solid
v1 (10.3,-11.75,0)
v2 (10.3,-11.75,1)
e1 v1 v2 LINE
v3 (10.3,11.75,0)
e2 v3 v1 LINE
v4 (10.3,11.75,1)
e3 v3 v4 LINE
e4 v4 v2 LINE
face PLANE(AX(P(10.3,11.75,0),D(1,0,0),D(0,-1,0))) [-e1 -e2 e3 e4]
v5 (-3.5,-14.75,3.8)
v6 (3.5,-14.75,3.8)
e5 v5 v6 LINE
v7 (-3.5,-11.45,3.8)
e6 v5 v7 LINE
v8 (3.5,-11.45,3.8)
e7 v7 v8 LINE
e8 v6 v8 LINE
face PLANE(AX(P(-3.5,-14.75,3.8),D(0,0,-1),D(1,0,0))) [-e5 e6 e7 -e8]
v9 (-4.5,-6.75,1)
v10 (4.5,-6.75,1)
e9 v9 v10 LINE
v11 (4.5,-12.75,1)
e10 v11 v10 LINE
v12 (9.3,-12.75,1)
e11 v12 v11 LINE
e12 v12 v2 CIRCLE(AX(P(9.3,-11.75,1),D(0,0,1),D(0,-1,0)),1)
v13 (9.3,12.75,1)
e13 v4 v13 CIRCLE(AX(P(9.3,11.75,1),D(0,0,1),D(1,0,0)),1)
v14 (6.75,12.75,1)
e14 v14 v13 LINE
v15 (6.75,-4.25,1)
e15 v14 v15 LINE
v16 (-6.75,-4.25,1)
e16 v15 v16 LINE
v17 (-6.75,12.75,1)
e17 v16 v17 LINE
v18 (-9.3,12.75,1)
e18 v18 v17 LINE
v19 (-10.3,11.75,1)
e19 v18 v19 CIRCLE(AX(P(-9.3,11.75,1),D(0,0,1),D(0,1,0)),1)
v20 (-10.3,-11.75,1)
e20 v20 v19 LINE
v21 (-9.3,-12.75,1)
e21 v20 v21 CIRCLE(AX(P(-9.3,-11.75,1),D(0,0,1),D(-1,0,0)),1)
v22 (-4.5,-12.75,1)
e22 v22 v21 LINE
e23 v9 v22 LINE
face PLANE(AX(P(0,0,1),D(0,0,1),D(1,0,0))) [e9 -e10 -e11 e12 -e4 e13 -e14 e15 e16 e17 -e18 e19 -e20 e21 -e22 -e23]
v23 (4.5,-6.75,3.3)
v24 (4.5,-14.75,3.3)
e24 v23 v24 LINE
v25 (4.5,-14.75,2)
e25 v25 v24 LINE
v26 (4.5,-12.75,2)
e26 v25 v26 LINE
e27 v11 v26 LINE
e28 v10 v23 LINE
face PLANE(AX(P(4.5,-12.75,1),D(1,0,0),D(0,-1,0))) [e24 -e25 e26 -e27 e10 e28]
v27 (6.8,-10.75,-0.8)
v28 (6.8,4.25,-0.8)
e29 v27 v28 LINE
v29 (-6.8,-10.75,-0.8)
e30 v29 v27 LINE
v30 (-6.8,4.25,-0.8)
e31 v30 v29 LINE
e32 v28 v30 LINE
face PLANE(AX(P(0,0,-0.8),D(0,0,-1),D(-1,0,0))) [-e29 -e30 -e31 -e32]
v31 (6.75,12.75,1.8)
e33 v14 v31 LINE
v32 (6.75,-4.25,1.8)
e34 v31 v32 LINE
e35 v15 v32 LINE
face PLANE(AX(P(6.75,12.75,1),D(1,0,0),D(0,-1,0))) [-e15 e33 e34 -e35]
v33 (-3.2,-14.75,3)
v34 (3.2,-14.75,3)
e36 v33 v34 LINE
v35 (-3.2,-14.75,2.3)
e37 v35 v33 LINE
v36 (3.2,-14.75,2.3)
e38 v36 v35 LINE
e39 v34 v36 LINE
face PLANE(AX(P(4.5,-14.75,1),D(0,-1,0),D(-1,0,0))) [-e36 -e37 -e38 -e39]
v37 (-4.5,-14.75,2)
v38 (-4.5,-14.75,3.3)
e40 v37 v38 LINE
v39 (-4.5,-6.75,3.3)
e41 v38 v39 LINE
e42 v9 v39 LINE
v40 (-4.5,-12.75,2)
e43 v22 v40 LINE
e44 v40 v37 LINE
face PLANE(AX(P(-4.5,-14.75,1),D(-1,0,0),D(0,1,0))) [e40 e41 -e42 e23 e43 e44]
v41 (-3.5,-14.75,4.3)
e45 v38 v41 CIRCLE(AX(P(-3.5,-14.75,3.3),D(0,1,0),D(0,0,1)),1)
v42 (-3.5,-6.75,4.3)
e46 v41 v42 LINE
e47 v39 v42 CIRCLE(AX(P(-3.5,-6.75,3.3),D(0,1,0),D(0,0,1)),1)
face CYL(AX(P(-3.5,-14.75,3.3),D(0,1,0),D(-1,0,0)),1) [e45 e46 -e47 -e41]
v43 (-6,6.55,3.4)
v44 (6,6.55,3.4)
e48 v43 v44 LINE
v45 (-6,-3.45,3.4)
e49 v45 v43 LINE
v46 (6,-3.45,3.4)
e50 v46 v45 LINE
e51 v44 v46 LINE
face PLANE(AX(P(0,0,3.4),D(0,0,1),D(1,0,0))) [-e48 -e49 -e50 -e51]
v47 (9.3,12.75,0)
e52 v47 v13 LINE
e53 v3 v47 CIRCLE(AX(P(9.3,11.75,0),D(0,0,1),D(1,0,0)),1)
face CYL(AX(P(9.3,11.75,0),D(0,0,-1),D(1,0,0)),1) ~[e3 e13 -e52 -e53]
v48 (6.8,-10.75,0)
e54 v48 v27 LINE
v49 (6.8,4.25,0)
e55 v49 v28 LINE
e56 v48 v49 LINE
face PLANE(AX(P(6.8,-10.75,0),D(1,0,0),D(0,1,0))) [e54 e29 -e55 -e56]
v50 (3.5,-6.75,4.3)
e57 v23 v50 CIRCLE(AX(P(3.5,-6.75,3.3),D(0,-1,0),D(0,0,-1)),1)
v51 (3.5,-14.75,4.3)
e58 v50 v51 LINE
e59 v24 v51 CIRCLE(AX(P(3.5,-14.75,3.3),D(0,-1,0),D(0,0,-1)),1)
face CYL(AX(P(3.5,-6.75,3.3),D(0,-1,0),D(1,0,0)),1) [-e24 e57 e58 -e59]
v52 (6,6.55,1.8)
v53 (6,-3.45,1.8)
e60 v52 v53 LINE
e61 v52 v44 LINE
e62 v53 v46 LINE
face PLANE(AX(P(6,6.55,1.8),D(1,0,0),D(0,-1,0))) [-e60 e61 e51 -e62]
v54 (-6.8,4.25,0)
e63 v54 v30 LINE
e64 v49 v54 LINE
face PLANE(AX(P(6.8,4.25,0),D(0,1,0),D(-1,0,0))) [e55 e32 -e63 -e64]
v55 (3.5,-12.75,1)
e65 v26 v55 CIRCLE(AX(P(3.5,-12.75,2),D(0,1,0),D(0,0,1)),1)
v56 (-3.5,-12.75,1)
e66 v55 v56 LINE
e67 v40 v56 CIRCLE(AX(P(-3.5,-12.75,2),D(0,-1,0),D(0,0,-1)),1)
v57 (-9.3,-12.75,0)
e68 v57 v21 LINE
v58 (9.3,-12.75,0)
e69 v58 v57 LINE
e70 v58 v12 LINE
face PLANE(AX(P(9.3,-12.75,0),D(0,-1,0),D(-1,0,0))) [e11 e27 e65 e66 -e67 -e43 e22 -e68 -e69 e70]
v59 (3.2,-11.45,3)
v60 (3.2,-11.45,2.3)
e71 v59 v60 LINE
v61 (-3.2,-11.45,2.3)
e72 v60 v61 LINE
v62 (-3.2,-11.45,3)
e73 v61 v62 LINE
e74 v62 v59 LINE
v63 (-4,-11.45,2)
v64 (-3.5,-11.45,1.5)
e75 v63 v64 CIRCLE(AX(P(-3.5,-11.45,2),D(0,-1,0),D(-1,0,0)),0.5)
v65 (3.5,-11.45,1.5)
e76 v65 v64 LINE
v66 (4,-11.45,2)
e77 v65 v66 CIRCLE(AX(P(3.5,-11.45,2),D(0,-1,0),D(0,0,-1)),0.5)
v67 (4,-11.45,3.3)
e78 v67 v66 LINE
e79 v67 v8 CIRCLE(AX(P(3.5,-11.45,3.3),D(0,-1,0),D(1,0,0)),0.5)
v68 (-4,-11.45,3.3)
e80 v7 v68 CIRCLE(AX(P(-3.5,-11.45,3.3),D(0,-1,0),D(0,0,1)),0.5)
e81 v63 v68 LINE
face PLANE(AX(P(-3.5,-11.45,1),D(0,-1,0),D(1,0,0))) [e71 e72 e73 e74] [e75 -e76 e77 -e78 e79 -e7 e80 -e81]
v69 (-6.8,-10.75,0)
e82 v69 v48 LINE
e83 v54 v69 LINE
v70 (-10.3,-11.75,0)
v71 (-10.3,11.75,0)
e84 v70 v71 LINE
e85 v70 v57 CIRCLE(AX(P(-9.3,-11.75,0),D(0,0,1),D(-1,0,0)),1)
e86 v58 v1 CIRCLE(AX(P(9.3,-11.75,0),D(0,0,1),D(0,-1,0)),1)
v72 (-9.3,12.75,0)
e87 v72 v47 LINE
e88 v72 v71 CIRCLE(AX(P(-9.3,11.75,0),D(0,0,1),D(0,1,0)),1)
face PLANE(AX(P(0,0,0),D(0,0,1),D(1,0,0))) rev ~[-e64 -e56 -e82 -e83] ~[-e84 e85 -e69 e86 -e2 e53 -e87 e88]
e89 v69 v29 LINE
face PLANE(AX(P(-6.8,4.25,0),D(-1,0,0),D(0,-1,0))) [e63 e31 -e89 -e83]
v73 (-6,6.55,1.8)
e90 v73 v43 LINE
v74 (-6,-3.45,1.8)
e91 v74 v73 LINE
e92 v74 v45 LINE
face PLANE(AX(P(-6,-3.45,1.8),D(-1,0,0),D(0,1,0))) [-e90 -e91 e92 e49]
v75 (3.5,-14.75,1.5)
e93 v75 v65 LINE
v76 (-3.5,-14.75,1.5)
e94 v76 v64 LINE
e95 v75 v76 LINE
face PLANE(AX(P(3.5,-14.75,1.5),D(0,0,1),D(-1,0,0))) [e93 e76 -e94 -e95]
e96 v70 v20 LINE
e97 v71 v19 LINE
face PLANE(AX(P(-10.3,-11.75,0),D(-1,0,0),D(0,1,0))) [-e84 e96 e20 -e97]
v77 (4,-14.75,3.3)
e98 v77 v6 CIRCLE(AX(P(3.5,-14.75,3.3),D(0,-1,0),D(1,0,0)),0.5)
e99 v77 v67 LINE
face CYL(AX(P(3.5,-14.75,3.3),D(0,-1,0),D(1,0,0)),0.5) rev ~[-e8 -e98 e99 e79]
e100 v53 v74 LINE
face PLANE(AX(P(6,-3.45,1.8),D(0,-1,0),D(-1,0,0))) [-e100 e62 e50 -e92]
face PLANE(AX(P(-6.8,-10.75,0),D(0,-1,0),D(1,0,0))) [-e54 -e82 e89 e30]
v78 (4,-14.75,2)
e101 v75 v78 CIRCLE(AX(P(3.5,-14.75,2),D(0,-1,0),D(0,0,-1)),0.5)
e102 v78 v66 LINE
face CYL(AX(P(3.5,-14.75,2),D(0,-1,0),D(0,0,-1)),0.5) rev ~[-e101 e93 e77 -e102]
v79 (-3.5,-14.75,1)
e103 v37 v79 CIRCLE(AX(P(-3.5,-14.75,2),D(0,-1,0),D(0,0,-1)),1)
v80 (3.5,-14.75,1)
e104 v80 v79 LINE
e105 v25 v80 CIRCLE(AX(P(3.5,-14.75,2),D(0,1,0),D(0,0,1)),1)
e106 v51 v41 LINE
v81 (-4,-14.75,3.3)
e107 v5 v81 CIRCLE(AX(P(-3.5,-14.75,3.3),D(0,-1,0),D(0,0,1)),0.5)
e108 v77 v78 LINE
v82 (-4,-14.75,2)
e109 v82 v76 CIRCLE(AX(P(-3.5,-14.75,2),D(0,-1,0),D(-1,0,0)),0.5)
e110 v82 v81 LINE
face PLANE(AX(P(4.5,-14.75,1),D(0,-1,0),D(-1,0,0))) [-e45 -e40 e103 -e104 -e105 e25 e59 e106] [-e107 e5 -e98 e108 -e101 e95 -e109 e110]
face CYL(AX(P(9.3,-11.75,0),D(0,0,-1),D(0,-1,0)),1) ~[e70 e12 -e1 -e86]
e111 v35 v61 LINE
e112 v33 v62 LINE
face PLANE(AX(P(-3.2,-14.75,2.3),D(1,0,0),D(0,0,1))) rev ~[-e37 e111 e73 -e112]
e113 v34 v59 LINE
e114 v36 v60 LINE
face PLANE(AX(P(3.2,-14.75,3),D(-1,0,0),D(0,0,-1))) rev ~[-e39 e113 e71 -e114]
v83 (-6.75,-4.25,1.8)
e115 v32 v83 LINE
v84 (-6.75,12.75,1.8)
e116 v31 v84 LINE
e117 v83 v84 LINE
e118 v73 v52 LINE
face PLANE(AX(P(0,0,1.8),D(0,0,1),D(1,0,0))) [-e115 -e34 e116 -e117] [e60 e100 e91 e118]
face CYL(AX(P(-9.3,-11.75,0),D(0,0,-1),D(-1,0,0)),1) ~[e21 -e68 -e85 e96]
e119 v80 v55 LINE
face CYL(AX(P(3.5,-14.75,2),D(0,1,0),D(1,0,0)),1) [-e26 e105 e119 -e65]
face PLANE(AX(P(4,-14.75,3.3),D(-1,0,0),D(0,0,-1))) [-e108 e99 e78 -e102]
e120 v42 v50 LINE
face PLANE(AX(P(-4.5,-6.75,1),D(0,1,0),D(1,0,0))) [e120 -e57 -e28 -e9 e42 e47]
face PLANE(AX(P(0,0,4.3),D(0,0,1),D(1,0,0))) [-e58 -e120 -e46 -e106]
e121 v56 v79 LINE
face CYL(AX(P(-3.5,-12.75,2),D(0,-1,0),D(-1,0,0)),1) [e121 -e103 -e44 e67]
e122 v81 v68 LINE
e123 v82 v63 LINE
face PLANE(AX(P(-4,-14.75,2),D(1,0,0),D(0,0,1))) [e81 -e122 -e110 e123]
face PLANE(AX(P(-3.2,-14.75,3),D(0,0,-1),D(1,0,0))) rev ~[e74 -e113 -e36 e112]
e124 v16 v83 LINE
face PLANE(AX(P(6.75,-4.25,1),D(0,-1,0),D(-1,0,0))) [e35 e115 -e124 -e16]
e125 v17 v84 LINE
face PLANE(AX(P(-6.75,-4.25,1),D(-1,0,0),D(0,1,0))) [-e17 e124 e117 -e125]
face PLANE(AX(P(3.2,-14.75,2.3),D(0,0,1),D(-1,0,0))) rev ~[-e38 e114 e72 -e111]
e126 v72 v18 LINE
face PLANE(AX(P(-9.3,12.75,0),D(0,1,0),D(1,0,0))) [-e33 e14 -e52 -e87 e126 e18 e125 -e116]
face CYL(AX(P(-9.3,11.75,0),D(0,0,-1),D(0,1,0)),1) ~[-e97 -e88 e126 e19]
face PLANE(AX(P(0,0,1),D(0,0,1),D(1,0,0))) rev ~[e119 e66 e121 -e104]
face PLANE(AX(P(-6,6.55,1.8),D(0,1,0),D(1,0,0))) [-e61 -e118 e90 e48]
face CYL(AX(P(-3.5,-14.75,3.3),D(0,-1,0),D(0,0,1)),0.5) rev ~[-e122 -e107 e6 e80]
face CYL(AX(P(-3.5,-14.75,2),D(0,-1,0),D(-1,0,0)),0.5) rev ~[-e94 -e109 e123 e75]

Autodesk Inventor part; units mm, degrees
ref_plane "YZ Plane" through (0, 0, 0) normal (1, 0, 0) x (0, 1, 0)
ref_plane "XZ Plane" through (0, 0, 0) normal (0, 1, 0) x (-1, 0, 0)
ref_plane "XY Plane" through (0, 0, 0) normal (0, 0, 1) x (1, 0, 0)
sketch "Skizze1" plane through (0, 0, 0) normal (0, 0, 1) x (1, 0, 0)
  line L0 (-9.3, 12.75) -> (9.3, 12.75)
  line L1 (10.3, 11.75) -> (10.3, -11.75)
  line L2 (9.3, -12.75) -> (-9.3, -12.75)
  line L3 (-10.3, -11.75) -> (-10.3, 11.75)
  line L4 (-10.3, 12.75) -> (10.3, -12.75) construction
  line L5 (10.3, 12.75) -> (-10.3, -12.75) construction
  arc A0 (-9.3, 12.75) -> (-10.3, 11.75) centre (-9.3, 11.75) ccw
  arc A1 (10.3, 11.75) -> (9.3, 12.75) centre (9.3, 11.75) ccw
  arc A2 (9.3, -12.75) -> (10.3, -11.75) centre (9.3, -11.75) ccw
  arc A3 (-10.3, -11.75) -> (-9.3, -12.75) centre (-9.3, -11.75) ccw
  point P0 (0, 0)
  dimension "d0" = 20.6
  dimension "d1" = 25.5
  dimension "d2" = 1
extrude "Extrusion1" add sketch "Skizze1" along normal blind 1
sketch "Skizze2" plane through (0, 0, 1) normal (0, 0, 1) x (1, 0, 0)
  line L0 (9.3, 12.75) -> (-9.3, 12.75) projected
  line L1 (-6.75, 12.75) -> (6.75, 12.75)
  line L2 (6.75, 12.75) -> (6.75, -4.25)
  line L3 (6.75, -4.25) -> (-6.75, -4.25)
  line L4 (-6.75, -4.25) -> (-6.75, 12.75)
  line L5 (-10.3, 11.75) -> (-10.3, -11.75) projected
  line L6 (10.3, -11.75) -> (10.3, 11.75) projected
  point P0 (0, 0)
  point P1 (6.75, 12.75)
  dimension "d5" = 13.5
  dimension "d6" = 3.55
  dimension "d7" = 3.55
  dimension "d8" = 17
extrude "Extrusion2" add sketch "Skizze2" along normal blind 0.8
sketch "Skizze3" plane through (0, 0, 1.8) normal (0, 0, 1) x (1, 0, 0)
  line L0 (6, -3.45) -> (-6, -3.45)
  line L1 (-6, -3.45) -> (-6, 6.55)
  line L2 (-6, 6.55) -> (6, 6.55)
  line L3 (6, 6.55) -> (6, -3.45)
  line L4 (-6.75, -4.25) -> (6.75, -4.25) projected
  point P0 (0, 0)
  dimension "d11" = 10
  dimension "d12" = 12
  dimension "d13" = 6
  dimension "d14" = 0.8
extrude "Extrusion3" add sketch "Skizze3" along normal blind 1.6
sketch "Skizze4" plane through (0, 0, 1) normal (0, 0, 1) x (1, 0, 0)
  line L0 (4.5, -14.75) -> (-4.5, -14.75)
  line L1 (-4.5, -14.75) -> (-4.5, -6.75)
  line L2 (-4.5, -6.75) -> (4.5, -6.75)
  line L3 (4.5, -6.75) -> (4.5, -14.75)
  line L4 (-9.3, -12.75) -> (9.3, -12.75) projected
  point P0 (0, 0)
  dimension "d17" = 9
  dimension "d18" = 4.5
  dimension "d19" = 2
  dimension "d20" = 8
extrude "Extrusion4" add sketch "Skizze4" along normal blind 3.3
fillet "Rundung1" radius 1 4 edges at (-4.5, -10.75, 4.3) (4.5, -10.75, 4.3) (-4.5, -13.75, 1) (4.5, -13.75, 1)
sketch "Skizze5" plane through (-3.5, -14.75, 1) normal (0, -1, 0) x (1, 0, 0)
  arc A0 (7, 0) -> (8, 1) centre (7, 1) ccw projected
  line L0 (8, 1) -> (8, 2.3) projected
  arc A1 (8, 2.3) -> (7, 3.3) centre (7, 2.3) ccw projected
  line L1 (0, 3.3) -> (7, 3.3) projected
  arc A2 (0, 3.3) -> (-1, 2.3) centre (0, 2.3) ccw projected
  line L2 (-1, 1) -> (-1, 2.3) projected
  arc A3 (-1, 1) -> (0, 0) centre (0, 1) ccw projected
  line L3 (0, 0) -> (7, 0) projected
  arc A4 (7.5, 2.3) -> (7, 2.8) centre (7, 2.3) ccw
  line L4 (7.5, 2.3) -> (7.5, 1)
  arc A5 (7, 0.5) -> (7.5, 1) centre (7, 1) ccw
  line L5 (7, 0.5) -> (0, 0.5)
  arc A6 (-0.5, 1) -> (0, 0.5) centre (0, 1) ccw
  line L6 (-0.5, 1) -> (-0.5, 2.3)
  arc A7 (0, 2.8) -> (-0.5, 2.3) centre (0, 2.3) ccw
  line L7 (0, 2.8) -> (7, 2.8)
  line L8 (6.7, 2) -> (6.7, 1.3)
  line L9 (6.7, 1.3) -> (0.3, 1.3)
  line L10 (0.3, 1.3) -> (0.3, 2)
  line L11 (0.3, 2) -> (6.7, 2)
  point P0 (3.5, -1)
  dimension "d24" = 0.5
  dimension "d25" = 0.8
extrude "Extrusion5" cut sketch "Skizze5" against normal blind 3.3 contours L4 A5 L5 A6 L6 A7 L7 A4
sketch "Skizze6" plane through (0, 0, 0) normal (0, 0, -1) x (-1, 0, 0)
  line L0 (-6.8, 4.25) -> (6.8, 4.25)
  line L1 (6.8, 4.25) -> (6.8, -10.75)
  line L2 (6.8, -10.75) -> (-6.8, -10.75)
  line L3 (-6.8, -10.75) -> (-6.8, 4.25)
  line L4 (10.3, 11.75) -> (10.3, -11.75) projected
  line L5 (-10.3, -11.75) -> (-10.3, 11.75) projected
  line L6 (-9.3, 12.75) -> (9.3, 12.75) projected
  line L7 (9.3, -12.75) -> (-9.3, -12.75) projected
  point P0 (0, 0)
  dimension "d28" = 3.5
  dimension "d29" = 3.5
  dimension "d30" = 8.5
  dimension "d31" = 2
extrude "Extrusion6" add sketch "Skizze6" along normal blind 0.8
equation "\"d6\" = d7"
equation "\"d13\" = 0.5 * d12"
equation "\"d18\" = 0.5 * d17"
equation "\"d29\" = d28"
properties part number "C3"
